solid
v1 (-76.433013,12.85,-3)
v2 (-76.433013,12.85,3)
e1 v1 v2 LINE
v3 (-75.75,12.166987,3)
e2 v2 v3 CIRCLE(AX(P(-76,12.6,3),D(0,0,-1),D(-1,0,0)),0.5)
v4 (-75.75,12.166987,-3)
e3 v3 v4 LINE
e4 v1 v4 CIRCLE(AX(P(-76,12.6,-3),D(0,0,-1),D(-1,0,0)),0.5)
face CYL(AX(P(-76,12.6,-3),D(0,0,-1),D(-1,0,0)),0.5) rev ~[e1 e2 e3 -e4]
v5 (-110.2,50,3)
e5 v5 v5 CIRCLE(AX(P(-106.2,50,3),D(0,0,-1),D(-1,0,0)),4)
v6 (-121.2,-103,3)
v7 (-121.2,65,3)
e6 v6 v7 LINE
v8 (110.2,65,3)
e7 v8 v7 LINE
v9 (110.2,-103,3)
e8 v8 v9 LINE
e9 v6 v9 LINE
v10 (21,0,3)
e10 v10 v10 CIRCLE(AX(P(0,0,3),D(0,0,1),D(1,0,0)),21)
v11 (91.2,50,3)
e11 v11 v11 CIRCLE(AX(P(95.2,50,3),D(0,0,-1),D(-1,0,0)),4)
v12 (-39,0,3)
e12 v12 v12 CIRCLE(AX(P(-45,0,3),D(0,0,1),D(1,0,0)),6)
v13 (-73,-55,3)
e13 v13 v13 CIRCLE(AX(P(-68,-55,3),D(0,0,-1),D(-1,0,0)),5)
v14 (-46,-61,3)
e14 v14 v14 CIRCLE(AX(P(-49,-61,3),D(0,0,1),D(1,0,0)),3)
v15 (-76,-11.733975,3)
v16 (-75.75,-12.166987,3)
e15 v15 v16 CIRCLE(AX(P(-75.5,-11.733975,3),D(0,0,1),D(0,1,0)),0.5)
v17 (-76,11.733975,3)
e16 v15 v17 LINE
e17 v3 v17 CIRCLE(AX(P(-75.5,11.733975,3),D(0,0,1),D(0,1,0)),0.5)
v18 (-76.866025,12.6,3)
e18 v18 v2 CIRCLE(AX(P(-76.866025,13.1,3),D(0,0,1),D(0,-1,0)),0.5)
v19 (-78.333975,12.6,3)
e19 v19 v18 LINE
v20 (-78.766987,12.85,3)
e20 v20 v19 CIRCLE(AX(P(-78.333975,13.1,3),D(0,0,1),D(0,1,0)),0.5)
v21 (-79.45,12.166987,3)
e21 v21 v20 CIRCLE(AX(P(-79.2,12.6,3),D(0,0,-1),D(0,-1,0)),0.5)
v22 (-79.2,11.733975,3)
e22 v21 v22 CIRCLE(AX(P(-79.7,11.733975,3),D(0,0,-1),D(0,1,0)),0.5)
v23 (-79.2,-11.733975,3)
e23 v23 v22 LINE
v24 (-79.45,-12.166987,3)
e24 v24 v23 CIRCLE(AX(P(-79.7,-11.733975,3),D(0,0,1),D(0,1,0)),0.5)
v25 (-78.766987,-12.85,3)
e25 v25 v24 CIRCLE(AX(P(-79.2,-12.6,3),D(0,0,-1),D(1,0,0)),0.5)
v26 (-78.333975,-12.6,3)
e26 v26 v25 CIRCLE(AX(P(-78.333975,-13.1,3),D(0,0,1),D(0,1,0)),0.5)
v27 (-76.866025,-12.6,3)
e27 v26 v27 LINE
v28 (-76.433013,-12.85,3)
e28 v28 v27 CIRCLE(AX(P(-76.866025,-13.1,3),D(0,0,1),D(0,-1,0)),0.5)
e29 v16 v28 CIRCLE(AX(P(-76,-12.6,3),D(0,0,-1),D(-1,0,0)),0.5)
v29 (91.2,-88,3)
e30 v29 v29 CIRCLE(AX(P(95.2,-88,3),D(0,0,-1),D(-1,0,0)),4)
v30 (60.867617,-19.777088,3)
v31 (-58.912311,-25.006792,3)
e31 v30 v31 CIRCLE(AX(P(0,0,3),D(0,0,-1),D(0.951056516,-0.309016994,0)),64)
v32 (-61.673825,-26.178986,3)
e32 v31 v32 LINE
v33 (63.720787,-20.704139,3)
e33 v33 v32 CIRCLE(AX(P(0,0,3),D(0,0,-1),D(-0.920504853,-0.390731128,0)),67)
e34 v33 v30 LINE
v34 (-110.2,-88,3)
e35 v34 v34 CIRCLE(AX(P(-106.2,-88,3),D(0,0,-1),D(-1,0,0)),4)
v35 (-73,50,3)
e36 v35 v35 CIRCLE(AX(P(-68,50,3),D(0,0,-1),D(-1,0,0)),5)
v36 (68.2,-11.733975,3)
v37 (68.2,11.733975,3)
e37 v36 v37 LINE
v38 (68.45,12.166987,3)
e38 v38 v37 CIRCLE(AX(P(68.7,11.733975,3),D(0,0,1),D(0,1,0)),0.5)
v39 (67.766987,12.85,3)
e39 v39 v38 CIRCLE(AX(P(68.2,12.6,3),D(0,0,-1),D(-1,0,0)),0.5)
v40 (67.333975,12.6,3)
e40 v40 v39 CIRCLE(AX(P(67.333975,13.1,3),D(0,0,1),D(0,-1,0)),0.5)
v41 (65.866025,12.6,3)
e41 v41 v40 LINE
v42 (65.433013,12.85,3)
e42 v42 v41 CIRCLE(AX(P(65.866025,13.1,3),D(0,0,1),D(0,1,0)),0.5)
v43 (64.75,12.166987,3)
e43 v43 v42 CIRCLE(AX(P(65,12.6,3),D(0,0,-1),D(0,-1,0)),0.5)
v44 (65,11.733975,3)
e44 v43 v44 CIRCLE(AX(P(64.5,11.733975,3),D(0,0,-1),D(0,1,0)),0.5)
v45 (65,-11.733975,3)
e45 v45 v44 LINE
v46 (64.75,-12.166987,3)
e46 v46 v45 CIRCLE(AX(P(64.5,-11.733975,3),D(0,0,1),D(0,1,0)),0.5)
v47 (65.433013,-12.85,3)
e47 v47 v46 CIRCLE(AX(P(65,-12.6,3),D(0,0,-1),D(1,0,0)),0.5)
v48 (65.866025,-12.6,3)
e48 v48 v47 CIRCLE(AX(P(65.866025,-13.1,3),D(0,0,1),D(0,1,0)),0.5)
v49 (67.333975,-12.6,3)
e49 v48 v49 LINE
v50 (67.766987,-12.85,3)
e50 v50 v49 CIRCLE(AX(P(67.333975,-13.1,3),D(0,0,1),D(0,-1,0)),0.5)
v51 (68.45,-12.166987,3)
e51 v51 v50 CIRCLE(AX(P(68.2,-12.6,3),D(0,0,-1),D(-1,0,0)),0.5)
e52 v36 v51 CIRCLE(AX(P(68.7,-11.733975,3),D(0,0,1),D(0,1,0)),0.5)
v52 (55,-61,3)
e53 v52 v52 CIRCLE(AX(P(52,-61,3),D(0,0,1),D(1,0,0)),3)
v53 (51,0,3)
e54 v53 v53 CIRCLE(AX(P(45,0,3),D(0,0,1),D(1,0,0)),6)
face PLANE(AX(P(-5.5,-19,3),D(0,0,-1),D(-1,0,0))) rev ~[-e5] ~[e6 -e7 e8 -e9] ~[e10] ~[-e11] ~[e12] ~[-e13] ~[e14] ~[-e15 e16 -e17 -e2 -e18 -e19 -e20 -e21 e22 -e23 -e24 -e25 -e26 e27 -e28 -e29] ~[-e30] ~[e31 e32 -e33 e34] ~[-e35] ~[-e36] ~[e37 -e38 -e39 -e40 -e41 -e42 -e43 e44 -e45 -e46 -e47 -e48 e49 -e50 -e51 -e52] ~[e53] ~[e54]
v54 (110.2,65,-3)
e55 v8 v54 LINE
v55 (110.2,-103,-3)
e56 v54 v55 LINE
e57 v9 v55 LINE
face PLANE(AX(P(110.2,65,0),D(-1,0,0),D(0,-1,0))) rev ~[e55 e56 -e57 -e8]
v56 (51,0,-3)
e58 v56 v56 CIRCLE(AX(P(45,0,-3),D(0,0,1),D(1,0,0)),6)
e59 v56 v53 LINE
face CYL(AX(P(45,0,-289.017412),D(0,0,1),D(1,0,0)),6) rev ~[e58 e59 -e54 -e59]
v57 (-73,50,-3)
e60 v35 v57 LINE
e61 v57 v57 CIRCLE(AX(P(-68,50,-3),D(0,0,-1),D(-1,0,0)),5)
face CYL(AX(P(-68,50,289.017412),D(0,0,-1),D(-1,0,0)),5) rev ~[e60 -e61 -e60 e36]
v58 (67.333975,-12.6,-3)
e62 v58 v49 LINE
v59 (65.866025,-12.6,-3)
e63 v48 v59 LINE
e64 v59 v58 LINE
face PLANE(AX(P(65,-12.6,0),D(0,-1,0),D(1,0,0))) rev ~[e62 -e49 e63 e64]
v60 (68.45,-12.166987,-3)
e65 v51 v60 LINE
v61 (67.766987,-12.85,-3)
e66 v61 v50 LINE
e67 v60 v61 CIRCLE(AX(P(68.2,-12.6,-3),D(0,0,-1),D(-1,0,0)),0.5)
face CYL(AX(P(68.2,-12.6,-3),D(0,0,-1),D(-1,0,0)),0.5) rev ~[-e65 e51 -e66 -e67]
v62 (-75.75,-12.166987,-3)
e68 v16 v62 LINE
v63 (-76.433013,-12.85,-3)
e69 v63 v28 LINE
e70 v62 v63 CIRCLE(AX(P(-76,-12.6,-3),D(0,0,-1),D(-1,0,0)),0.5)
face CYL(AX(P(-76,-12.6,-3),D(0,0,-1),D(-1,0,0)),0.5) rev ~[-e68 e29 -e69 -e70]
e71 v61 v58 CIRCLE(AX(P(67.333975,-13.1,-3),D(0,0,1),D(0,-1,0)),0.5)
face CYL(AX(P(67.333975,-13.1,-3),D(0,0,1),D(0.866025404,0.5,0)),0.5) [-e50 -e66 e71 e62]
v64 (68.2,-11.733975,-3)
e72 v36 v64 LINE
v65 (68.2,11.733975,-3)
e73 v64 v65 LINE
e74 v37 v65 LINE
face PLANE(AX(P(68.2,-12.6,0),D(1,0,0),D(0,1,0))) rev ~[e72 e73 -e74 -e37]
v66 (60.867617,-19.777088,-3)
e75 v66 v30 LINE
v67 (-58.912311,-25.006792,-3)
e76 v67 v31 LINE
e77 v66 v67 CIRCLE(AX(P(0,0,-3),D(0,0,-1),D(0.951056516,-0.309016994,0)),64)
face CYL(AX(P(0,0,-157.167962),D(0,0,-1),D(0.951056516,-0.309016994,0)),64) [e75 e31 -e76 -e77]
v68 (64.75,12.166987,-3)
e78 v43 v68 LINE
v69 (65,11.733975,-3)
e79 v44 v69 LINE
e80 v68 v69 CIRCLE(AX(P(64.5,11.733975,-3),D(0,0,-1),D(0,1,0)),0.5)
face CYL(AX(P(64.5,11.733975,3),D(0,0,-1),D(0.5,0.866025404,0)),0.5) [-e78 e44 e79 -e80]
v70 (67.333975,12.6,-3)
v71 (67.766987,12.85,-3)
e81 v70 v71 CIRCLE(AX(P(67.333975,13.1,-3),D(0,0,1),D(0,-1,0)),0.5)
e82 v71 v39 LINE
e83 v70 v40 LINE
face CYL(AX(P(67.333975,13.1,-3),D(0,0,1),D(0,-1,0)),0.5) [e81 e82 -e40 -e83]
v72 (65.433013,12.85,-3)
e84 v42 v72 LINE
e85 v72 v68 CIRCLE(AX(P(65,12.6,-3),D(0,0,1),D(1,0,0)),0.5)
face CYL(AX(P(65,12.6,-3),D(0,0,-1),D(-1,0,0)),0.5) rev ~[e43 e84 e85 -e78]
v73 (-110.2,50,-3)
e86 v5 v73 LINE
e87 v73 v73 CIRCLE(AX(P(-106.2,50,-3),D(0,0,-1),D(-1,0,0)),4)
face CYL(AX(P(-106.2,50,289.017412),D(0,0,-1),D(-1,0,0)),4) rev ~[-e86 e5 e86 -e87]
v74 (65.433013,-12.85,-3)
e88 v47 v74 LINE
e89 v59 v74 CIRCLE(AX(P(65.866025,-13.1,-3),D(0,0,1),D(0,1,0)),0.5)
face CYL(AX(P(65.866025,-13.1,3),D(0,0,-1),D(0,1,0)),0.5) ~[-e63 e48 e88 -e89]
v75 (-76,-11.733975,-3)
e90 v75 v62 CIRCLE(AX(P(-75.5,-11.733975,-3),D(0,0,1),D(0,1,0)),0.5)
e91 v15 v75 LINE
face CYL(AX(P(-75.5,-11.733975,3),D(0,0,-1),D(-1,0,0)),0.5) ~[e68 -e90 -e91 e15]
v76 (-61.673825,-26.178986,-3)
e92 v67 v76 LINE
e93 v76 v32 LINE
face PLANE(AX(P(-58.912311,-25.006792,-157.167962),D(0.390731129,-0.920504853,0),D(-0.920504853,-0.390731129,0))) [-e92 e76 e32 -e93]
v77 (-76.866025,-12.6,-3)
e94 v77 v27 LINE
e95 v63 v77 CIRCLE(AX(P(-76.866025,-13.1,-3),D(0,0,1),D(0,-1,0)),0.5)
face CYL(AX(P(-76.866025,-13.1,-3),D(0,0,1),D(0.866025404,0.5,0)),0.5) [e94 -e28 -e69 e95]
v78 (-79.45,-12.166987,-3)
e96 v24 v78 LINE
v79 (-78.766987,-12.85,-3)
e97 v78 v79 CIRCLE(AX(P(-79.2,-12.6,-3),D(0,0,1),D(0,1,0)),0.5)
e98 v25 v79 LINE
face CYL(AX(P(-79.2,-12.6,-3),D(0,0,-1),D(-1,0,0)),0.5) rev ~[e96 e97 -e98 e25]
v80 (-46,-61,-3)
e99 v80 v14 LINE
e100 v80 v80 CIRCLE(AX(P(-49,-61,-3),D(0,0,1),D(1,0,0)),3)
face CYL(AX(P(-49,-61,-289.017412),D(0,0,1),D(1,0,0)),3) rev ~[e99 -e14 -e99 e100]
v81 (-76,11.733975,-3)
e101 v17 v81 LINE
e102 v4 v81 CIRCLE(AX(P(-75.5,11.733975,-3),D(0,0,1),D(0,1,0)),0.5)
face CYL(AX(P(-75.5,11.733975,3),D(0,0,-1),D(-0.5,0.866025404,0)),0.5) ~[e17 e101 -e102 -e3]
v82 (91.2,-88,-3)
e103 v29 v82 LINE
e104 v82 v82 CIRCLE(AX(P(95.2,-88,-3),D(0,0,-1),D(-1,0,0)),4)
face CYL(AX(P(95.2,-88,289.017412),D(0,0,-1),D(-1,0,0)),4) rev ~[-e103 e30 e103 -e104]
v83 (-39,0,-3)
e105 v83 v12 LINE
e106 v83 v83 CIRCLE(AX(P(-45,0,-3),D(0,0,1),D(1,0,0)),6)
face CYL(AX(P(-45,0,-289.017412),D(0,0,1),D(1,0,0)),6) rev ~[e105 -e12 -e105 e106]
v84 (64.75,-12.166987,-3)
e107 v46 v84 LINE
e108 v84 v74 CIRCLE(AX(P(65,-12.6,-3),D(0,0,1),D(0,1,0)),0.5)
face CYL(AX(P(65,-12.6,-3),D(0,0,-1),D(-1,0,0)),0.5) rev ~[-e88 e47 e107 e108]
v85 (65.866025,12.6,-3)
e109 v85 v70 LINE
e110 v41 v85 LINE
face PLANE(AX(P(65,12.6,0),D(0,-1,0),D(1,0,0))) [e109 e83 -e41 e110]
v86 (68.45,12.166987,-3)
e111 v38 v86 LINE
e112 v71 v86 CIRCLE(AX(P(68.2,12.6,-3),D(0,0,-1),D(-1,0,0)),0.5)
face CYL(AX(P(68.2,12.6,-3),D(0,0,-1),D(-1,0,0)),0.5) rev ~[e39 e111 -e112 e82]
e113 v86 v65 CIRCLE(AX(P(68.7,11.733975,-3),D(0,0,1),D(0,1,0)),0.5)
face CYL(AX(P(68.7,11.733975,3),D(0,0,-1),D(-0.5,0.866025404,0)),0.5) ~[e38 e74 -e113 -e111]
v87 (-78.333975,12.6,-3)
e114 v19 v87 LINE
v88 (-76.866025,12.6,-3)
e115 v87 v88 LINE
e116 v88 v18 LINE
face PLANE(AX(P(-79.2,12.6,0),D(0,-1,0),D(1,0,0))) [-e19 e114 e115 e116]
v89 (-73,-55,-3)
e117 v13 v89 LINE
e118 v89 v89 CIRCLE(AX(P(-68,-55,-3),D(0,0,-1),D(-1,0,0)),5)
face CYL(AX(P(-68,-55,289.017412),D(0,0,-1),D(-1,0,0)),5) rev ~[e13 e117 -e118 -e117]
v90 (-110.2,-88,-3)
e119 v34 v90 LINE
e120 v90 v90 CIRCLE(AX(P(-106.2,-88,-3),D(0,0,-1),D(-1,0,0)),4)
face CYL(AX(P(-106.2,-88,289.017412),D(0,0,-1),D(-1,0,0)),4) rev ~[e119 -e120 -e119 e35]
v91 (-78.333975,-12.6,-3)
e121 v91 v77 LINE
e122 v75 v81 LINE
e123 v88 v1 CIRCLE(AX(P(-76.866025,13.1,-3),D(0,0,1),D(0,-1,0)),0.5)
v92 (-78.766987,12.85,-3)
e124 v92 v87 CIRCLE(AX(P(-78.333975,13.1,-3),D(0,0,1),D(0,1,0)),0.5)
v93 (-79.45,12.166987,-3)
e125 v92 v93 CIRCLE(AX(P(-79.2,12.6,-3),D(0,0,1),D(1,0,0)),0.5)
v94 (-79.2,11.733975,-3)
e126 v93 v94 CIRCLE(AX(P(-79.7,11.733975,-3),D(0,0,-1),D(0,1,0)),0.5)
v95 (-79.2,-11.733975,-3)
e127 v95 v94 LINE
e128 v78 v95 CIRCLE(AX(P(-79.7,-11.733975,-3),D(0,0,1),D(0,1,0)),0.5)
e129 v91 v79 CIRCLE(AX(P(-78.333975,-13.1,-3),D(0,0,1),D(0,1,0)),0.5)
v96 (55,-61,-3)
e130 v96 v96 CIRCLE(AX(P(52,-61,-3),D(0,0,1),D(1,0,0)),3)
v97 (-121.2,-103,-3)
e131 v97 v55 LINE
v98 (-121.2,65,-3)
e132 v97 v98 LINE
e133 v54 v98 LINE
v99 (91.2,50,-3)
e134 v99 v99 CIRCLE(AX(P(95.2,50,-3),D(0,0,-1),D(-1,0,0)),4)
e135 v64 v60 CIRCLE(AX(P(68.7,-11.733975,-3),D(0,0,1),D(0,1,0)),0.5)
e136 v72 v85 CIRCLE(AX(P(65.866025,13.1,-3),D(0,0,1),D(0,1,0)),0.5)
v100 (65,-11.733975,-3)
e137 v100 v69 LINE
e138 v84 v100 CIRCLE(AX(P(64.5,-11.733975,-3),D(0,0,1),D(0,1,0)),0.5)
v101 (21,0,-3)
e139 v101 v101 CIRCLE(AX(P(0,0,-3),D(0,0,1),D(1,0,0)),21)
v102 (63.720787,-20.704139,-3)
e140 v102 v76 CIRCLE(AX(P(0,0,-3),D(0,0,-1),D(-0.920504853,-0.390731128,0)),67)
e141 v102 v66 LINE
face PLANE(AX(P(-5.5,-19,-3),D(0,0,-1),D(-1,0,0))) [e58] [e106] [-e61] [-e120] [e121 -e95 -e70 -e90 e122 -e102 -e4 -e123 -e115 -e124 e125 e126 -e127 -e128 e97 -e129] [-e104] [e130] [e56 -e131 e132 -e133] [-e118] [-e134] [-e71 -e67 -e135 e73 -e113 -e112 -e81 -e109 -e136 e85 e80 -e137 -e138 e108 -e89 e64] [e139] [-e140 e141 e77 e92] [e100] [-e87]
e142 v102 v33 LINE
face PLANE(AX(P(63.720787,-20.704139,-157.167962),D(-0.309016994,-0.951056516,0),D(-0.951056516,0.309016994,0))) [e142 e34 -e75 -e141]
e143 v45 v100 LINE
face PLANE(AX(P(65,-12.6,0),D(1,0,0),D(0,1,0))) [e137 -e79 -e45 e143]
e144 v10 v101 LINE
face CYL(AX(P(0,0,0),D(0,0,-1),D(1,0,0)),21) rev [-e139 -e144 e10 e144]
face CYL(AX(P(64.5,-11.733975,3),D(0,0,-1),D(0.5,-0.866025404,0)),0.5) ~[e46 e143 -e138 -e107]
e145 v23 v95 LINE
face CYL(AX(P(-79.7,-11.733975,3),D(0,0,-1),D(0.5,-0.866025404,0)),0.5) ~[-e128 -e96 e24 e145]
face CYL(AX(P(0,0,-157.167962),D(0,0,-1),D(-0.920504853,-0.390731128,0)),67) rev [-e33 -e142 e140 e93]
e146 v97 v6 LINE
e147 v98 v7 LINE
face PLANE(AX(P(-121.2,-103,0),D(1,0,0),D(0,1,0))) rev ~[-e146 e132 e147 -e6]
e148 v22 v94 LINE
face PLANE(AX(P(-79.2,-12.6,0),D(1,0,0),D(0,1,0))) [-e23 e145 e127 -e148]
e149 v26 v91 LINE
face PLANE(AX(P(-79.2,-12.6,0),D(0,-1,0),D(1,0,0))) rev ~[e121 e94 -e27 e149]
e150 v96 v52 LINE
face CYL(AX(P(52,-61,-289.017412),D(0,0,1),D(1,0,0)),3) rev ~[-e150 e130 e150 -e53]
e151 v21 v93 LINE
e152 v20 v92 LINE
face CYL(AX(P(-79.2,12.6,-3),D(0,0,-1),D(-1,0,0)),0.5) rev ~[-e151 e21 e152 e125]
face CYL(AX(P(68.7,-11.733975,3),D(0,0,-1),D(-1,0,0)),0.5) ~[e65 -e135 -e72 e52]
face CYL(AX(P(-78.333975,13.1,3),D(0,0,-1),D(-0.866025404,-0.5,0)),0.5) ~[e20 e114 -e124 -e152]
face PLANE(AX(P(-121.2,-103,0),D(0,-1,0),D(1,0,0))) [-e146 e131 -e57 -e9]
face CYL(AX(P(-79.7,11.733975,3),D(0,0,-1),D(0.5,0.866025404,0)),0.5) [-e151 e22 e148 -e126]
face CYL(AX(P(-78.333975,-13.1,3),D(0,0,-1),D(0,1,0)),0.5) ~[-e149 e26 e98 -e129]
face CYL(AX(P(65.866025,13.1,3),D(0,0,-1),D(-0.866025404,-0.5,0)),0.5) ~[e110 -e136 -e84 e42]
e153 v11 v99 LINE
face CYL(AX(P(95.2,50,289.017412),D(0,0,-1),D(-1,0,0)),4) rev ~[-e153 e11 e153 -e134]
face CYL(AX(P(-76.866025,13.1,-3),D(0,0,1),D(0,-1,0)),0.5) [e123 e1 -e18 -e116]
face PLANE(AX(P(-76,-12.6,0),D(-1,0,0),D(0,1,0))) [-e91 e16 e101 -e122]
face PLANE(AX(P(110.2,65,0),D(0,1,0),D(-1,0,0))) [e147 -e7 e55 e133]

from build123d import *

# Parameters (mm, degrees)
SKETCH2_R                  = 21
SKETCH2_W                  = 3.2
SKETCH2_H                  = 25.2
BOSS_EXTRUDE1_DEPTH        = 3
F_10_0_10_DIAMETER_HOLE1_D = 10
F_8_0_8_DIAMETER_HOLE1_D   = 8
F_12_0_12_DIAMETER_HOLE1_D = 12
CUT_EXTRUDE1_DEPTH         = 160.1679616
CUT_EXTRUDE1_DEPTH_BACK    = 160.1679616
F_6_0_6_DIAMETER_HOLE2_D   = 6
SKETCH27_R                 = 0.5
CUT_EXTRUDE2_DEPTH         = 160.1679616
FILLET1_R                  = 0.5


with BuildPart() as part:
    # Sketch2 → Boss-Extrude1 (new, symmetric)
    with BuildSketch(Plane.XY):
        Polygon((-68, 65), (95.2, 65), (110.2, 65), (110.2, -103), (0, -103), (-121.2, -103), (-121.2, 65), (-106.2, 65), align=None)
        Circle(SKETCH2_R, mode=Mode.SUBTRACT)
        with Locations((-77.6, 0)):
            Rectangle(SKETCH2_W, SKETCH2_H, mode=Mode.SUBTRACT)
        with Locations((66.6, 0)):
            Rectangle(SKETCH2_W, SKETCH2_H, mode=Mode.SUBTRACT)
    extrude(amount=BOSS_EXTRUDE1_DEPTH, both=True)

    # Ø10.0 (10) Diameter Hole1 (through all)
    with Locations(Plane.XY.offset(3)):
        with Locations((-68, 50), (-68, -55)):
            Hole(F_10_0_10_DIAMETER_HOLE1_D / 2)

    # Ø8.0 (8) Diameter Hole1 (through all)
    with Locations(Plane.XY.offset(3)):
        with Locations((-106.2, 50), (-106.2, -88), (95.2, -88), (95.2, 50)):
            Hole(F_8_0_8_DIAMETER_HOLE1_D / 2)

    # Ø12.0 (12) Diameter Hole1 (through all)
    with Locations(Plane(origin=(0, 0, -3), x_dir=(-1, 0, 0), z_dir=(0, 0, -1))):
        with Locations((-45, 0), (45, 0)):
            Hole(F_12_0_12_DIAMETER_HOLE1_D / 2)

    # Sketch18 → Cut-Extrude1 (cut, two sides: drawn at the far end of the back side and taken through both)
    with BuildSketch(Plane.XY.offset(3).offset(-CUT_EXTRUDE1_DEPTH_BACK)):
        with BuildLine():
            Line((-58.912310621, -25.006792223), (-61.673825181, -26.178985609))
            ThreePointArc((-61.673825181, -26.178985609), (2.922498953, -66.936230846), (63.720786592, -20.704138623))
            Line((63.720786592, -20.704138623), (60.867617043, -19.77708764))
            ThreePointArc((60.867617043, -19.77708764), (2.791640791, -63.939086181), (-58.912310621, -25.006792223))
        make_face()
    extrude(amount=CUT_EXTRUDE1_DEPTH + CUT_EXTRUDE1_DEPTH_BACK, mode=Mode.SUBTRACT)

    # Ø6.0 (6) Diameter Hole2 (through all)
    with Locations(Plane(origin=(0, 0, -3), x_dir=(-1, 0, 0), z_dir=(0, 0, -1))):
        with Locations((49, -61), (-52, -61)):
            Hole(F_6_0_6_DIAMETER_HOLE2_D / 2)

    # Sketch27 → Cut-Extrude2 (cut, through all)
    with BuildSketch(Plane(origin=(0, 0, -3), x_dir=(-1, 0, 0), z_dir=(0, 0, -1))):
        with Locations((-65, 12.6)):
            Circle(SKETCH27_R)
        with Locations((-68.2, 12.6)):
            Circle(SKETCH27_R)
        with Locations((-65, -12.6)):
            Circle(SKETCH27_R)
        with Locations((-68.2, -12.6)):
            Circle(SKETCH27_R)
        with Locations((79.2, 12.6)):
            Circle(SKETCH27_R)
        with Locations((76, 12.6)):
            Circle(SKETCH27_R)
        with Locations((79.2, -12.6)):
            Circle(SKETCH27_R)
        with Locations((76, -12.6)):
            Circle(SKETCH27_R)
    extrude(amount=-CUT_EXTRUDE2_DEPTH, mode=Mode.SUBTRACT)

    # Fillet1
    fillet1_edges = [part.edges().sort_by_distance(p)[0] for p in [
        (68.2, 12.1, 0),
        (68.2, -12.1, 0),
        (65.5, -12.6, 0),
        (65, 12.1, 0),
        (-76, 12.1, 0),
        (-76, -12.1, 0),
        (-78.7, -12.6, 0),
        (-79.2, 12.1, 0),
        (-78.7, 12.6, 0),
        (67.7, -12.6, 0),
        (65, -12.1, 0),
        (67.7, 12.6, 0),
        (-76.5, -12.6, 0),
        (-79.2, -12.1, 0),
        (-76.5, 12.6, 0),
        (65.5, 12.6, 0),
    ]]
    fillet(fillet1_edges, radius=FILLET1_R)


solid = part.part
